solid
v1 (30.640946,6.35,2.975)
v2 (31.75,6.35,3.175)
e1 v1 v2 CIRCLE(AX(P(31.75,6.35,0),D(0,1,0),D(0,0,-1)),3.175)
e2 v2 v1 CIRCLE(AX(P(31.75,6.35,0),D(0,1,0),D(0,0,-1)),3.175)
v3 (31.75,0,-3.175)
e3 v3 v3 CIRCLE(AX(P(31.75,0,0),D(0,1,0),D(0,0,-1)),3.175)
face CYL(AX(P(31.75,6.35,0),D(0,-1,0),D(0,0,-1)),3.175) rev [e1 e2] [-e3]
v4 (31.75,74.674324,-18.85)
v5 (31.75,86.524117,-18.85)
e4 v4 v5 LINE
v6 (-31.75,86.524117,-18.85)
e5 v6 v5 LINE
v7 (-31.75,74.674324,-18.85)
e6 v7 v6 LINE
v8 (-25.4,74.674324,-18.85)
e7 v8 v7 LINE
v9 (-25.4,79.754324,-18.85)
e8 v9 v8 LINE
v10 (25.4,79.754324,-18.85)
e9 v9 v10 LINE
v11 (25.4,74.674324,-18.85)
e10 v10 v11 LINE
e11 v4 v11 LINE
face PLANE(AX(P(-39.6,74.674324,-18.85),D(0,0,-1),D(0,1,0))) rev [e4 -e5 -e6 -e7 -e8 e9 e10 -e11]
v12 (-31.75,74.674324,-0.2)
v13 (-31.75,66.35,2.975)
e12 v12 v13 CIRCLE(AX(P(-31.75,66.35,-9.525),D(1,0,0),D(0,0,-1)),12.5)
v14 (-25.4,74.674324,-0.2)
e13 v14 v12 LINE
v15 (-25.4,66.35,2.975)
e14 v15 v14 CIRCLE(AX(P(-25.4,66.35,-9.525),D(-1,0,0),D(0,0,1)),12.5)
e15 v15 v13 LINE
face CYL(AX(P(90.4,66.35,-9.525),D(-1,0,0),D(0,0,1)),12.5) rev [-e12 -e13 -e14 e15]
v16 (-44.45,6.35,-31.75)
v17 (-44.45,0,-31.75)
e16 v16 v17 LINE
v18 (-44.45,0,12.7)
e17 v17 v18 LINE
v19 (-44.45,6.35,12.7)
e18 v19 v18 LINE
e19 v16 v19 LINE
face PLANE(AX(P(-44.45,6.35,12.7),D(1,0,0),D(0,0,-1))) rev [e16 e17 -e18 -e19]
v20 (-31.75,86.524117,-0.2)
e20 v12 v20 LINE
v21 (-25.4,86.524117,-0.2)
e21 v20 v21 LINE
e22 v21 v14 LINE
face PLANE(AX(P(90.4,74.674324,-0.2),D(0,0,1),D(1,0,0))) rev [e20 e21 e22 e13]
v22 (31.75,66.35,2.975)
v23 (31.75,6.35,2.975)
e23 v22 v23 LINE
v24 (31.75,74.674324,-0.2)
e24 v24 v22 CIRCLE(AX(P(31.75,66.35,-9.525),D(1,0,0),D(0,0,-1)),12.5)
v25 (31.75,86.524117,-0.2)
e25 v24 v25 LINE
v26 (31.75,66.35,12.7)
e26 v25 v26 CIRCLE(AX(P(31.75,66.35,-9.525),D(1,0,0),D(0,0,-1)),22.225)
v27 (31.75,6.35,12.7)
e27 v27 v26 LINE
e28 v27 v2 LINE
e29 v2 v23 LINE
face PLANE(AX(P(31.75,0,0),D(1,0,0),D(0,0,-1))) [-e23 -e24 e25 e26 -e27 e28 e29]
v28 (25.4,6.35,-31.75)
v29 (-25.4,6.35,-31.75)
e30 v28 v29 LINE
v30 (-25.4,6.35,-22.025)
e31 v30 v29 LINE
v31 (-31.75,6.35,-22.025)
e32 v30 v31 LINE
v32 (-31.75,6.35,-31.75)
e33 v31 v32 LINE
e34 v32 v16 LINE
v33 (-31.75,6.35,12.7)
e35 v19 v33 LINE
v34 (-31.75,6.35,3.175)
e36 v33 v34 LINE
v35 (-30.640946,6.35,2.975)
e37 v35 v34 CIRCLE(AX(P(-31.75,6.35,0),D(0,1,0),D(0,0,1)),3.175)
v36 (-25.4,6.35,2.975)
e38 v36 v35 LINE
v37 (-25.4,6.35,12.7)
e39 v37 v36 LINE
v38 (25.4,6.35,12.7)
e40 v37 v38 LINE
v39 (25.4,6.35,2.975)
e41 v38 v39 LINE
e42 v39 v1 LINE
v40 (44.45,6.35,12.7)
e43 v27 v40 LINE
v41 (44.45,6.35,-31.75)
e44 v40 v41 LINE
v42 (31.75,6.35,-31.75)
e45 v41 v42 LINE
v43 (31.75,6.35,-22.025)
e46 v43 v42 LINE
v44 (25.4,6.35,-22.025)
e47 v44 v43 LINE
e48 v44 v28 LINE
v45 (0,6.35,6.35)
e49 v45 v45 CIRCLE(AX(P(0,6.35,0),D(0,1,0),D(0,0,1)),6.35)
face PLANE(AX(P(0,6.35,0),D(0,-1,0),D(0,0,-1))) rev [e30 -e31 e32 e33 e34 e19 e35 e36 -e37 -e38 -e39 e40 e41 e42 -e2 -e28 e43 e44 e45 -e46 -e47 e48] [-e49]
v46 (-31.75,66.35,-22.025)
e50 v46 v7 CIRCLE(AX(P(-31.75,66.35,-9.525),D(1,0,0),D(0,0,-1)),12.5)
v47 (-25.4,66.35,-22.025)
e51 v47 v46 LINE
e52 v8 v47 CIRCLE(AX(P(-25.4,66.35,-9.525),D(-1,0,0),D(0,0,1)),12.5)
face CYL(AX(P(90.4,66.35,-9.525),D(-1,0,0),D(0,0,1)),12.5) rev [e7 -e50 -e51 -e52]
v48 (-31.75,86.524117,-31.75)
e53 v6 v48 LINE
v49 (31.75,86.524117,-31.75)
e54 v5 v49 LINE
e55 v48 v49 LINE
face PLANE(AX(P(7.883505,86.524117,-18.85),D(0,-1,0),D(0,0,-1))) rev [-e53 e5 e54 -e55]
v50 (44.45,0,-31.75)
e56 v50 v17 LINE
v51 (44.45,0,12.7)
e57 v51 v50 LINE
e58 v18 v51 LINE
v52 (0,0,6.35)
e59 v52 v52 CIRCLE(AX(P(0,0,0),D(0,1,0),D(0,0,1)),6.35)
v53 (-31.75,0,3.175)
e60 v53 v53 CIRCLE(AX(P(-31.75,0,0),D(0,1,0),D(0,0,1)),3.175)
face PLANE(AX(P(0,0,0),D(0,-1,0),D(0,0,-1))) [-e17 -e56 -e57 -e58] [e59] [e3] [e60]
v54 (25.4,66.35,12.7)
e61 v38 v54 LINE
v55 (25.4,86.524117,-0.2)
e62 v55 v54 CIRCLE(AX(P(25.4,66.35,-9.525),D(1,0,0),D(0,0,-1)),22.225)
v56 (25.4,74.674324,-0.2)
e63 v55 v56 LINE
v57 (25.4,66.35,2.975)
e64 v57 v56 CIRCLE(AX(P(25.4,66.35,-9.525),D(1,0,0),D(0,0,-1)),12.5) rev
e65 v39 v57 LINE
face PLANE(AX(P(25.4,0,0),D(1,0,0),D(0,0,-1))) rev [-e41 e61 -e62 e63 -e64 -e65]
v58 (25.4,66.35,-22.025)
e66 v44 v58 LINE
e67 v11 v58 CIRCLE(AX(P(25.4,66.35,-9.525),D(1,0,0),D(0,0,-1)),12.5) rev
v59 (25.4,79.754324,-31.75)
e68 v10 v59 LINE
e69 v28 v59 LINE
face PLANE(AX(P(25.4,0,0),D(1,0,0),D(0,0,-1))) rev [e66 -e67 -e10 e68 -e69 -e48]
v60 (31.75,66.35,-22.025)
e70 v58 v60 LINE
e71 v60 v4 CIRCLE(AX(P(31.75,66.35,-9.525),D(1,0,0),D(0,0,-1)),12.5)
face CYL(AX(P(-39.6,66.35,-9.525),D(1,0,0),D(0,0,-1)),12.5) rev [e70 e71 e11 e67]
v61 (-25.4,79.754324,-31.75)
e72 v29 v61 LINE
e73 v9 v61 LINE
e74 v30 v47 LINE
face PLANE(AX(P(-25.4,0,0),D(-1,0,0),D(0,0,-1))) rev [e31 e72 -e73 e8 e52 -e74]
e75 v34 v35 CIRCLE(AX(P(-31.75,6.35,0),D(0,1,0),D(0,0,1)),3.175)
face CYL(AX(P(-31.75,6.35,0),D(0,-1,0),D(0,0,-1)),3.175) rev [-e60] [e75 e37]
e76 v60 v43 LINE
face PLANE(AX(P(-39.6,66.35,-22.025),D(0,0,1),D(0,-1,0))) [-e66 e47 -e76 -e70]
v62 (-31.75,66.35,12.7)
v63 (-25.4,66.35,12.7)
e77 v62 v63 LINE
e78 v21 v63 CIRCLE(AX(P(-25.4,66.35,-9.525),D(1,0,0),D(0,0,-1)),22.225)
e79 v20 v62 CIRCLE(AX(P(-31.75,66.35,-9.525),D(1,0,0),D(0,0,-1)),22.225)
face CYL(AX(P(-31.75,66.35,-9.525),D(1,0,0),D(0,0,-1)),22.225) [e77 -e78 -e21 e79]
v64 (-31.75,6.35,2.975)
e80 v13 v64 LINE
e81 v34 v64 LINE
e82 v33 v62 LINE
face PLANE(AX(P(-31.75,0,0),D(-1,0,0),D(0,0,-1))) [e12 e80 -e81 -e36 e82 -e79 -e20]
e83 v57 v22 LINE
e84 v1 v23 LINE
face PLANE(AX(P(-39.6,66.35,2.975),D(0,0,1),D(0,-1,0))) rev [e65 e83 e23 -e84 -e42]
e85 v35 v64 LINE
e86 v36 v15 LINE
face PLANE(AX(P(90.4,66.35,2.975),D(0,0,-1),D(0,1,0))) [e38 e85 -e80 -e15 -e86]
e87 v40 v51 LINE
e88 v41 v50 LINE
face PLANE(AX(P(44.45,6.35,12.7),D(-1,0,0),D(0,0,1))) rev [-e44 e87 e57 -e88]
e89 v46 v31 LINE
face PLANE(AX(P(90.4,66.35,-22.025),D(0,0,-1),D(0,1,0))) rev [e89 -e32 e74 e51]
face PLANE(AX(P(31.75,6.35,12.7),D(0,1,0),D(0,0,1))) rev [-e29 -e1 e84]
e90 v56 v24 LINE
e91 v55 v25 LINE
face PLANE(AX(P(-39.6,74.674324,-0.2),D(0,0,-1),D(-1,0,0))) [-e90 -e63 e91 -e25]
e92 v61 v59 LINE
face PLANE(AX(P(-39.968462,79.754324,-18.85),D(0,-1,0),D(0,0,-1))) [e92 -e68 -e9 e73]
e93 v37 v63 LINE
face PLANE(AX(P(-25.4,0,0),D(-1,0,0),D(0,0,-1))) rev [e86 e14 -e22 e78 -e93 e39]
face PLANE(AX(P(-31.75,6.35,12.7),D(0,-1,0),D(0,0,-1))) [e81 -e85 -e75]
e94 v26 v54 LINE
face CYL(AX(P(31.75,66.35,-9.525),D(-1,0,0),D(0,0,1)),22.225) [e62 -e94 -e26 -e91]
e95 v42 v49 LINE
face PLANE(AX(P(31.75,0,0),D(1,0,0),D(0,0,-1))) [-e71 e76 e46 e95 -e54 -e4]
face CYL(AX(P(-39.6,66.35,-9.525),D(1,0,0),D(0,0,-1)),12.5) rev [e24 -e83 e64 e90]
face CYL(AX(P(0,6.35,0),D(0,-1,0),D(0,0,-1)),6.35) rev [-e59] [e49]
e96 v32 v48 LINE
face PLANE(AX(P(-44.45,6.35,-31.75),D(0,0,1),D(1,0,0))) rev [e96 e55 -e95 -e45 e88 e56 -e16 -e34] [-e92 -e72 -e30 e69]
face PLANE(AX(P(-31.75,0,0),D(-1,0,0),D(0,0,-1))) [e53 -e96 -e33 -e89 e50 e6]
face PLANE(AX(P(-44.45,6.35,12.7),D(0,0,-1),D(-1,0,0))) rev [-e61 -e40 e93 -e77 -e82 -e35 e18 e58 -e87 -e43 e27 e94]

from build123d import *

# Parameters (mm, degrees)
SKETCH2_W           = 88.9
SKETCH2_H           = 44.45
SKETCH2_R           = 6.35
SKETCH2_R_2         = 3.175
BOSS_EXTRUDE1_DEPTH = 6.35
SKETCH3_R           = 22.225
SKETCH3_W           = 44.45
SKETCH3_H           = 60
BOSS_EXTRUDE2_DEPTH = 6.35
CUT_EXTRUDE1_REACH  = 123.079
SKETCH4_R           = 12.5
SKETCH4_W           = 25
SKETCH4_H           = 60
SKETCH4_W_2         = 18.65
SKETCH4_H_2         = 13.900675703
SKETCH5_W           = 9.725
SKETCH5_H           = 8.324324297
BOSS_EXTRUDE3_DEPTH = 6.35
SKETCH6_W           = 12.9
SKETCH6_H           = 6.769792784
BOSS_EXTRUDE4_DEPTH = 57.15


with BuildPart() as part:
    # Sketch2 → Boss-Extrude1 (new body)
    with BuildSketch(Plane(origin=(0, 0, 0), x_dir=(1, 0, 0), z_dir=(0, 1, 0))):
        with Locations((0, 9.525)):
            Rectangle(SKETCH2_W, SKETCH2_H)
        with Locations(Location((0, 0, 0), (0, 0, 270))):
            Circle(SKETCH2_R, mode=Mode.SUBTRACT)
        with Locations(Location((-31.75, 0, 0), (0, 0, 270))):
            Circle(SKETCH2_R_2, mode=Mode.SUBTRACT)
        with Locations(Location((31.75, 0, 0), (0, 0, 90))):
            Circle(SKETCH2_R_2, mode=Mode.SUBTRACT)
    extrude(amount=BOSS_EXTRUDE1_DEPTH)

    # Sketch3 → Boss-Extrude2 (add)
    with BuildSketch(Plane(origin=(25.4, 0, 0), x_dir=(0, 0, -1), z_dir=(1, 0, 0))):
        with Locations((9.525, 66.35)):
            Circle(SKETCH3_R)
        with Locations((9.525, 36.35)):
            Rectangle(SKETCH3_W, SKETCH3_H)
    boss_extrude2 = extrude(amount=BOSS_EXTRUDE2_DEPTH)

    # Cut-Extrude1: up to this face of the body (flat: up to its plane)
    cut_extrude1_end = Plane(part.part.faces().sort_by_distance((25.4, 45.236582144, -9.525))[0])
    # Sketch4 → Cut-Extrude1 (cut, up to the picked face)
    with BuildSketch(Plane(origin=(31.75, 0, 0), x_dir=(0, 0, -1), z_dir=(1, 0, 0)), mode=Mode.PRIVATE) as cut_extrude1_sk1:
        with Locations((9.525, 66.35)):
            Circle(SKETCH4_R)
    cut_extrude1_tool1 = split(extrude(cut_extrude1_sk1.sketch, amount=-CUT_EXTRUDE1_REACH, mode=Mode.PRIVATE), bisect_by=cut_extrude1_end, keep=Keep.BOTH, mode=Mode.PRIVATE)
    # Sketch4 → Cut-Extrude1 (cut, up to the picked face)
    with BuildSketch(Plane(origin=(31.75, 0, 0), x_dir=(0, 0, -1), z_dir=(1, 0, 0)), mode=Mode.PRIVATE) as cut_extrude1_sk2:
        with Locations((9.525, 36.35)):
            Rectangle(SKETCH4_W, SKETCH4_H)
    cut_extrude1_tool2 = split(extrude(cut_extrude1_sk2.sketch, amount=-CUT_EXTRUDE1_REACH, mode=Mode.PRIVATE), bisect_by=cut_extrude1_end, keep=Keep.BOTH, mode=Mode.PRIVATE)
    # Sketch4 → Cut-Extrude1 (cut, up to the picked face)
    with BuildSketch(Plane(origin=(31.75, 0, 0), x_dir=(0, 0, -1), z_dir=(1, 0, 0)), mode=Mode.PRIVATE) as cut_extrude1_sk3:
        with Locations((9.525, 81.624662148)):
            Rectangle(SKETCH4_W_2, SKETCH4_H_2)
    cut_extrude1_tool3 = split(extrude(cut_extrude1_sk3.sketch, amount=-CUT_EXTRUDE1_REACH, mode=Mode.PRIVATE), bisect_by=cut_extrude1_end, keep=Keep.BOTH, mode=Mode.PRIVATE)
    cut_extrude1_1 = cut_extrude1_tool1.solids().sort_by(Axis((31.75, 66.35, -9.525), (-1, 0, 0)))[0]
    add(cut_extrude1_1, mode=Mode.SUBTRACT)
    cut_extrude1_2 = cut_extrude1_tool2.solids().sort_by(Axis((31.75, 36.35, -9.525), (-1, 0, 0)))[0]
    add(cut_extrude1_2, mode=Mode.SUBTRACT)
    cut_extrude1_3 = cut_extrude1_tool3.solids().sort_by(Axis((31.75, 81.624662, -9.525), (-1, 0, 0)))[0]
    add(cut_extrude1_3, mode=Mode.SUBTRACT)
    cut_extrude1 = cut_extrude1_1 + cut_extrude1_2 + cut_extrude1_3  # Cut-Extrude1 as one shape, for the pattern or mirror that repeats it

    # Sketch5 → Boss-Extrude3 (add)
    with BuildSketch(Plane(origin=(31.75, 0, 0), x_dir=(0, 0, -1), z_dir=(1, 0, 0))):
        Polygon((31.75, 86.524117081), (18.85, 86.524117081), (18.85, 74.674324297), (22.025, 74.674324297), (31.75, 74.674324297), align=None)
        with Locations((26.8875, 70.512162149)):
            Rectangle(SKETCH5_W, SKETCH5_H)
    boss_extrude3 = extrude(amount=-BOSS_EXTRUDE3_DEPTH)

    # Mirror1: Boss-Extrude2, Cut-Extrude1, Boss-Extrude3 across plane
    add(boss_extrude2.mirror(Plane(origin=(0, 0, 0), x_dir=(0, 0, 1), z_dir=(1, 0, 0))))
    add(cut_extrude1.mirror(Plane(origin=(0, 0, 0), x_dir=(0, 0, 1), z_dir=(1, 0, 0))), mode=Mode.SUBTRACT)
    add(boss_extrude3.mirror(Plane(origin=(0, 0, 0), x_dir=(0, 0, 1), z_dir=(1, 0, 0))))

    # Sketch6 → Boss-Extrude4 (add)
    with BuildSketch(Plane(origin=(31.75, 0, 0), x_dir=(0, 0, -1), z_dir=(1, 0, 0))):
        with Locations((25.3, 83.139220689)):
            Rectangle(SKETCH6_W, SKETCH6_H)
    extrude(amount=-BOSS_EXTRUDE4_DEPTH)


solid = part.part
